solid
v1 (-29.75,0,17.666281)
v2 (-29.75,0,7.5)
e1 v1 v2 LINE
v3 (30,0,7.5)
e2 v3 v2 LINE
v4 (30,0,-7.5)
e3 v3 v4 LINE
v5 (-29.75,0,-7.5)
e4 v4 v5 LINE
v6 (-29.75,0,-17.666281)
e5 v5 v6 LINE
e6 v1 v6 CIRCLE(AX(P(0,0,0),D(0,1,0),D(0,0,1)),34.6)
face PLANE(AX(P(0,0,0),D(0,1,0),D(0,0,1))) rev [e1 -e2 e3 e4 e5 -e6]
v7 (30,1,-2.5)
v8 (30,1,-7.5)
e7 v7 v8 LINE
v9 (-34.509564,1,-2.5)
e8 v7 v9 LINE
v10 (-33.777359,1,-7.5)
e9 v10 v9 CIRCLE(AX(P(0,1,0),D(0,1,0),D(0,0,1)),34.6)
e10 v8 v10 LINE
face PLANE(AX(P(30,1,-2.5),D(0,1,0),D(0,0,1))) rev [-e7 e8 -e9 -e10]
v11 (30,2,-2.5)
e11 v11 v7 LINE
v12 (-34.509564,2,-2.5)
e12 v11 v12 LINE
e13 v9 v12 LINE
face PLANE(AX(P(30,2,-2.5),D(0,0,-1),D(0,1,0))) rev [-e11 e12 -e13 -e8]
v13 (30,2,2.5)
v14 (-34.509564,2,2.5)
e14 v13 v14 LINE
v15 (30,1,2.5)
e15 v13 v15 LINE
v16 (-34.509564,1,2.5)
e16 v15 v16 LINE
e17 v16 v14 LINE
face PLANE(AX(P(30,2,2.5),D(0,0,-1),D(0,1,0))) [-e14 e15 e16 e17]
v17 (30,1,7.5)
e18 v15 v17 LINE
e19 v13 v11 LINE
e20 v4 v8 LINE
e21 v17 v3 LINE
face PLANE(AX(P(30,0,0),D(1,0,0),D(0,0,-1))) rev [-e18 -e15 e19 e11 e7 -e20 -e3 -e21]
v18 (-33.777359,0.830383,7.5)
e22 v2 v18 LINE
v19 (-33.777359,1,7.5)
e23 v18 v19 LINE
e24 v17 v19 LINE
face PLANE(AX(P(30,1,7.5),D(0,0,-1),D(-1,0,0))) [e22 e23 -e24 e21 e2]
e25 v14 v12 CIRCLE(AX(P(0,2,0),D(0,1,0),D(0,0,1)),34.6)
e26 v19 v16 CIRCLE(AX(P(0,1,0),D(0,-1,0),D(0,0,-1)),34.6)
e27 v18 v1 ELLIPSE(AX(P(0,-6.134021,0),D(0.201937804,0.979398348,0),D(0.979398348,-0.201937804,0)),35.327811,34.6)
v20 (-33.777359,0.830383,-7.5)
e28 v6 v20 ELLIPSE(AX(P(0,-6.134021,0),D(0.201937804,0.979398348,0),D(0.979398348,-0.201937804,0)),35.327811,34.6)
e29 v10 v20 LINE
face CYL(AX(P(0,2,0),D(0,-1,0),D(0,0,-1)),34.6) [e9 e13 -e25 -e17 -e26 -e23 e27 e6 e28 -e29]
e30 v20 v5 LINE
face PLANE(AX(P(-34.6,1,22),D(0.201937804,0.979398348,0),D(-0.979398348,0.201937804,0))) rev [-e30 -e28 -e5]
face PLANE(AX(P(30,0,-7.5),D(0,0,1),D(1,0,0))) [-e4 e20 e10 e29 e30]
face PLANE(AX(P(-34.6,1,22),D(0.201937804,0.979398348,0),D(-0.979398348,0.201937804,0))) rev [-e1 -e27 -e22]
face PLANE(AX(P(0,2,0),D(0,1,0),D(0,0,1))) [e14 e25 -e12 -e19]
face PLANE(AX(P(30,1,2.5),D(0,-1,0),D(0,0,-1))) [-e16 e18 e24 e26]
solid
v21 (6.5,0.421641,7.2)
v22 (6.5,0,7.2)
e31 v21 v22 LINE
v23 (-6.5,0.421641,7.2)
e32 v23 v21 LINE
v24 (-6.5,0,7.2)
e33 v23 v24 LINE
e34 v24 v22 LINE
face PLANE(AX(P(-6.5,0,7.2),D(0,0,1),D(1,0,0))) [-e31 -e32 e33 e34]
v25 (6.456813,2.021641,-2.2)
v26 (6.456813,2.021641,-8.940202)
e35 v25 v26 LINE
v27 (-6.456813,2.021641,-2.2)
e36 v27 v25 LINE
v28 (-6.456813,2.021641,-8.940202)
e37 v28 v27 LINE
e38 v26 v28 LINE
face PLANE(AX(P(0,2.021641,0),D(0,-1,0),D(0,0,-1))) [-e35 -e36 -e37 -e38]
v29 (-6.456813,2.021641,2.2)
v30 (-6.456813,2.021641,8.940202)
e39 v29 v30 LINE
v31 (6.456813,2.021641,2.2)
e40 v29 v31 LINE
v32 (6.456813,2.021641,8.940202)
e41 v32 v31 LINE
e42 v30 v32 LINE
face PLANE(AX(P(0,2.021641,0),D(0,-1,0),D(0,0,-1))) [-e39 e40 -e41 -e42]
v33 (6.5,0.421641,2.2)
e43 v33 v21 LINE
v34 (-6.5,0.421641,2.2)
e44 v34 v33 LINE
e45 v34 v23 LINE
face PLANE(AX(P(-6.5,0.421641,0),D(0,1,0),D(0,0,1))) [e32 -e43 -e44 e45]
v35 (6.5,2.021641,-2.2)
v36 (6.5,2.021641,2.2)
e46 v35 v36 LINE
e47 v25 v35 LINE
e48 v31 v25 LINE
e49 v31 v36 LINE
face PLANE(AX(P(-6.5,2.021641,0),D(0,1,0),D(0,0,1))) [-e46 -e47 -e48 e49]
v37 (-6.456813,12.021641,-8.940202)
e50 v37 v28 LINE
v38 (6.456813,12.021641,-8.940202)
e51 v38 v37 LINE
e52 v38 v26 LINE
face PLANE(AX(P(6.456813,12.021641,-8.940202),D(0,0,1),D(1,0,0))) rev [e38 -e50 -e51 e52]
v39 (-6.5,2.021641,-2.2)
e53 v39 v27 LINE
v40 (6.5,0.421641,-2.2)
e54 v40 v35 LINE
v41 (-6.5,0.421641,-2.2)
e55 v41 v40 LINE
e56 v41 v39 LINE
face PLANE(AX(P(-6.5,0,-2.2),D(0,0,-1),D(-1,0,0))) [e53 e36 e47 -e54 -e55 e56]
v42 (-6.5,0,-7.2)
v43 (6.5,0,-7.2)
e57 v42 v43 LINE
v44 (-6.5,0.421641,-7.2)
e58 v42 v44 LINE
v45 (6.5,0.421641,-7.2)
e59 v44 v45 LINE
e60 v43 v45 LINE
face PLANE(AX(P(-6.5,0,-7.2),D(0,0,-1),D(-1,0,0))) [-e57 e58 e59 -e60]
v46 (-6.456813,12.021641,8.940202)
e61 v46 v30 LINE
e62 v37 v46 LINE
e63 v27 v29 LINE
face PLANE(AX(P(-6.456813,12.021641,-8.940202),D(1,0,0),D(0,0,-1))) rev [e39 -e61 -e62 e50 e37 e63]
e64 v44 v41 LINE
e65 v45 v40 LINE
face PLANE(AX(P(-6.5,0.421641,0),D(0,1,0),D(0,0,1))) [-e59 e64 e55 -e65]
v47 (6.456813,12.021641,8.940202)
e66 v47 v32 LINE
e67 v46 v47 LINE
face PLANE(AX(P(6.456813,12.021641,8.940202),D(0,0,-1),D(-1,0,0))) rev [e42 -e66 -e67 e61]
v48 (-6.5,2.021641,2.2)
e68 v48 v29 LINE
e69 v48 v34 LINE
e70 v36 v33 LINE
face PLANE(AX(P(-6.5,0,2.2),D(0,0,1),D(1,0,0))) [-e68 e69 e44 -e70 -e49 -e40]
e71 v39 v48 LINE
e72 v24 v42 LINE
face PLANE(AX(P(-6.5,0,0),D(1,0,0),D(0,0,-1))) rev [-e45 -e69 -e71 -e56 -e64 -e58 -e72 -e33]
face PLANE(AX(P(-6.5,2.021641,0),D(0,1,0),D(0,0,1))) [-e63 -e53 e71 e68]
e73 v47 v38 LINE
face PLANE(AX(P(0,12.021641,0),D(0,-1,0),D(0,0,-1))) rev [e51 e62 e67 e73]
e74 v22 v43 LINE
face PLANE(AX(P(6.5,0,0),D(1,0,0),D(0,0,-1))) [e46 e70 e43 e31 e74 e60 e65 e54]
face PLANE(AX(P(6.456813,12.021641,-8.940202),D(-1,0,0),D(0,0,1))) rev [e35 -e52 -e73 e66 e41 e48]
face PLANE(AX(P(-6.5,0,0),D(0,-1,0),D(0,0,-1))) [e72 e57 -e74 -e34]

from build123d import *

# Parameters (mm, degrees)
SKETCH1_R                = 34.6
BOSS_EXTRUDE1_DEPTH      = 2
CUT_EXTRUDE4_DEPTH       = 22
CUT_EXTRUDE4_DEPTH_BACK  = 21
CUT_EXTRUDE8_DEPTH       = 30
CUT_EXTRUDE8_DEPTH_BACK  = 38
SKETCH23_W               = 4.4
SKETCH23_H               = 0.6
BOSS_EXTRUDE7_DEPTH      = 6.5
BOSS_EXTRUDE7_DEPTH_BACK = 6.5
SKETCH112_W              = 12.913625174
SKETCH112_H              = 17.880404088
BOSS_EXTRUDE9_DEPTH      = 10


with BuildPart() as part:
    # Sketch1 → Boss-Extrude1 (new body)
    with BuildSketch(Plane(origin=(0, 0, 0), x_dir=(1, 0, 0), z_dir=(0, 1, 0))):
        with Locations(Location((0, 0, 0), (0, 0, 270))):
            Circle(SKETCH1_R)
        Polygon((2.854751228, -2.25), (0, 5.743303437), (-2.854751228, -2.25), align=None, mode=Mode.SUBTRACT)
        Polygon((-2.854751228, -2.25), (2.854751228, -2.25), (0, 5.743303437), align=None)
        with BuildLine():
            Line((-32.964631098, -10.511569654), (-32.964631098, 10.511569654))
            ThreePointArc((-32.964631098, 10.511569654), (-34.6, 0), (-32.964631098, -10.511569654))
        make_face()
    extrude(amount=BOSS_EXTRUDE1_DEPTH)

    # Sketch7 → Cut-Extrude4 (cut, two sides)
    with BuildSketch(Plane.XY) as cut_extrude4_sk:
        Polygon((-34.6, 1), (-29.75, 0), (-34.6, 0), align=None)
    extrude(amount=CUT_EXTRUDE4_DEPTH, mode=Mode.SUBTRACT)
    extrude(cut_extrude4_sk.sketch, amount=-CUT_EXTRUDE4_DEPTH_BACK, mode=Mode.SUBTRACT)

    # Sketch22 → Cut-Extrude8 (cut, two sides)
    with BuildSketch(Plane(origin=(0, 0, 0), x_dir=(0, 0, -1), z_dir=(1, 0, 0))) as cut_extrude8_sk:
        Polygon((-2.5, 2), (-2.5, 1), (-7.5, 1), (-7.5, 0), (7.5, 0), (7.5, 1), (2.5, 1), (2.5, 2), align=None)
    extrude(amount=CUT_EXTRUDE8_DEPTH, mode=Mode.SUBTRACT)
    extrude(cut_extrude8_sk.sketch, amount=-CUT_EXTRUDE8_DEPTH_BACK, mode=Mode.SUBTRACT)


with BuildPart() as body_2:
    # Sketch23 → Boss-Extrude7 (new, two sides)
    with BuildSketch(Plane(origin=(0, 0, 0), x_dir=(0, 0, -1), z_dir=(1, 0, 0))) as boss_extrude7_sk:
        Polygon((7.2, 0), (7.2, 0.421640963), (2.2, 0.421640963), (2.2, 1.421640963), (-2.2, 1.421640963), (-2.2, 0.421640963), (-7.2, 0.421640963), (-7.2, 0), align=None)
        with Locations((0, 1.721640963)):
            Rectangle(SKETCH23_W, SKETCH23_H)
    extrude(amount=BOSS_EXTRUDE7_DEPTH)
    extrude(boss_extrude7_sk.sketch, amount=-BOSS_EXTRUDE7_DEPTH_BACK)

    # Sketch112 → Boss-Extrude9 (add)
    with BuildSketch(Plane(origin=(0, 2.021640963, 0), x_dir=(1, 0, 0), z_dir=(0, 1, 0))):
        Rectangle(SKETCH112_W, SKETCH112_H)
    extrude(amount=BOSS_EXTRUDE9_DEPTH)


solid = Compound([part.part, body_2.part])
